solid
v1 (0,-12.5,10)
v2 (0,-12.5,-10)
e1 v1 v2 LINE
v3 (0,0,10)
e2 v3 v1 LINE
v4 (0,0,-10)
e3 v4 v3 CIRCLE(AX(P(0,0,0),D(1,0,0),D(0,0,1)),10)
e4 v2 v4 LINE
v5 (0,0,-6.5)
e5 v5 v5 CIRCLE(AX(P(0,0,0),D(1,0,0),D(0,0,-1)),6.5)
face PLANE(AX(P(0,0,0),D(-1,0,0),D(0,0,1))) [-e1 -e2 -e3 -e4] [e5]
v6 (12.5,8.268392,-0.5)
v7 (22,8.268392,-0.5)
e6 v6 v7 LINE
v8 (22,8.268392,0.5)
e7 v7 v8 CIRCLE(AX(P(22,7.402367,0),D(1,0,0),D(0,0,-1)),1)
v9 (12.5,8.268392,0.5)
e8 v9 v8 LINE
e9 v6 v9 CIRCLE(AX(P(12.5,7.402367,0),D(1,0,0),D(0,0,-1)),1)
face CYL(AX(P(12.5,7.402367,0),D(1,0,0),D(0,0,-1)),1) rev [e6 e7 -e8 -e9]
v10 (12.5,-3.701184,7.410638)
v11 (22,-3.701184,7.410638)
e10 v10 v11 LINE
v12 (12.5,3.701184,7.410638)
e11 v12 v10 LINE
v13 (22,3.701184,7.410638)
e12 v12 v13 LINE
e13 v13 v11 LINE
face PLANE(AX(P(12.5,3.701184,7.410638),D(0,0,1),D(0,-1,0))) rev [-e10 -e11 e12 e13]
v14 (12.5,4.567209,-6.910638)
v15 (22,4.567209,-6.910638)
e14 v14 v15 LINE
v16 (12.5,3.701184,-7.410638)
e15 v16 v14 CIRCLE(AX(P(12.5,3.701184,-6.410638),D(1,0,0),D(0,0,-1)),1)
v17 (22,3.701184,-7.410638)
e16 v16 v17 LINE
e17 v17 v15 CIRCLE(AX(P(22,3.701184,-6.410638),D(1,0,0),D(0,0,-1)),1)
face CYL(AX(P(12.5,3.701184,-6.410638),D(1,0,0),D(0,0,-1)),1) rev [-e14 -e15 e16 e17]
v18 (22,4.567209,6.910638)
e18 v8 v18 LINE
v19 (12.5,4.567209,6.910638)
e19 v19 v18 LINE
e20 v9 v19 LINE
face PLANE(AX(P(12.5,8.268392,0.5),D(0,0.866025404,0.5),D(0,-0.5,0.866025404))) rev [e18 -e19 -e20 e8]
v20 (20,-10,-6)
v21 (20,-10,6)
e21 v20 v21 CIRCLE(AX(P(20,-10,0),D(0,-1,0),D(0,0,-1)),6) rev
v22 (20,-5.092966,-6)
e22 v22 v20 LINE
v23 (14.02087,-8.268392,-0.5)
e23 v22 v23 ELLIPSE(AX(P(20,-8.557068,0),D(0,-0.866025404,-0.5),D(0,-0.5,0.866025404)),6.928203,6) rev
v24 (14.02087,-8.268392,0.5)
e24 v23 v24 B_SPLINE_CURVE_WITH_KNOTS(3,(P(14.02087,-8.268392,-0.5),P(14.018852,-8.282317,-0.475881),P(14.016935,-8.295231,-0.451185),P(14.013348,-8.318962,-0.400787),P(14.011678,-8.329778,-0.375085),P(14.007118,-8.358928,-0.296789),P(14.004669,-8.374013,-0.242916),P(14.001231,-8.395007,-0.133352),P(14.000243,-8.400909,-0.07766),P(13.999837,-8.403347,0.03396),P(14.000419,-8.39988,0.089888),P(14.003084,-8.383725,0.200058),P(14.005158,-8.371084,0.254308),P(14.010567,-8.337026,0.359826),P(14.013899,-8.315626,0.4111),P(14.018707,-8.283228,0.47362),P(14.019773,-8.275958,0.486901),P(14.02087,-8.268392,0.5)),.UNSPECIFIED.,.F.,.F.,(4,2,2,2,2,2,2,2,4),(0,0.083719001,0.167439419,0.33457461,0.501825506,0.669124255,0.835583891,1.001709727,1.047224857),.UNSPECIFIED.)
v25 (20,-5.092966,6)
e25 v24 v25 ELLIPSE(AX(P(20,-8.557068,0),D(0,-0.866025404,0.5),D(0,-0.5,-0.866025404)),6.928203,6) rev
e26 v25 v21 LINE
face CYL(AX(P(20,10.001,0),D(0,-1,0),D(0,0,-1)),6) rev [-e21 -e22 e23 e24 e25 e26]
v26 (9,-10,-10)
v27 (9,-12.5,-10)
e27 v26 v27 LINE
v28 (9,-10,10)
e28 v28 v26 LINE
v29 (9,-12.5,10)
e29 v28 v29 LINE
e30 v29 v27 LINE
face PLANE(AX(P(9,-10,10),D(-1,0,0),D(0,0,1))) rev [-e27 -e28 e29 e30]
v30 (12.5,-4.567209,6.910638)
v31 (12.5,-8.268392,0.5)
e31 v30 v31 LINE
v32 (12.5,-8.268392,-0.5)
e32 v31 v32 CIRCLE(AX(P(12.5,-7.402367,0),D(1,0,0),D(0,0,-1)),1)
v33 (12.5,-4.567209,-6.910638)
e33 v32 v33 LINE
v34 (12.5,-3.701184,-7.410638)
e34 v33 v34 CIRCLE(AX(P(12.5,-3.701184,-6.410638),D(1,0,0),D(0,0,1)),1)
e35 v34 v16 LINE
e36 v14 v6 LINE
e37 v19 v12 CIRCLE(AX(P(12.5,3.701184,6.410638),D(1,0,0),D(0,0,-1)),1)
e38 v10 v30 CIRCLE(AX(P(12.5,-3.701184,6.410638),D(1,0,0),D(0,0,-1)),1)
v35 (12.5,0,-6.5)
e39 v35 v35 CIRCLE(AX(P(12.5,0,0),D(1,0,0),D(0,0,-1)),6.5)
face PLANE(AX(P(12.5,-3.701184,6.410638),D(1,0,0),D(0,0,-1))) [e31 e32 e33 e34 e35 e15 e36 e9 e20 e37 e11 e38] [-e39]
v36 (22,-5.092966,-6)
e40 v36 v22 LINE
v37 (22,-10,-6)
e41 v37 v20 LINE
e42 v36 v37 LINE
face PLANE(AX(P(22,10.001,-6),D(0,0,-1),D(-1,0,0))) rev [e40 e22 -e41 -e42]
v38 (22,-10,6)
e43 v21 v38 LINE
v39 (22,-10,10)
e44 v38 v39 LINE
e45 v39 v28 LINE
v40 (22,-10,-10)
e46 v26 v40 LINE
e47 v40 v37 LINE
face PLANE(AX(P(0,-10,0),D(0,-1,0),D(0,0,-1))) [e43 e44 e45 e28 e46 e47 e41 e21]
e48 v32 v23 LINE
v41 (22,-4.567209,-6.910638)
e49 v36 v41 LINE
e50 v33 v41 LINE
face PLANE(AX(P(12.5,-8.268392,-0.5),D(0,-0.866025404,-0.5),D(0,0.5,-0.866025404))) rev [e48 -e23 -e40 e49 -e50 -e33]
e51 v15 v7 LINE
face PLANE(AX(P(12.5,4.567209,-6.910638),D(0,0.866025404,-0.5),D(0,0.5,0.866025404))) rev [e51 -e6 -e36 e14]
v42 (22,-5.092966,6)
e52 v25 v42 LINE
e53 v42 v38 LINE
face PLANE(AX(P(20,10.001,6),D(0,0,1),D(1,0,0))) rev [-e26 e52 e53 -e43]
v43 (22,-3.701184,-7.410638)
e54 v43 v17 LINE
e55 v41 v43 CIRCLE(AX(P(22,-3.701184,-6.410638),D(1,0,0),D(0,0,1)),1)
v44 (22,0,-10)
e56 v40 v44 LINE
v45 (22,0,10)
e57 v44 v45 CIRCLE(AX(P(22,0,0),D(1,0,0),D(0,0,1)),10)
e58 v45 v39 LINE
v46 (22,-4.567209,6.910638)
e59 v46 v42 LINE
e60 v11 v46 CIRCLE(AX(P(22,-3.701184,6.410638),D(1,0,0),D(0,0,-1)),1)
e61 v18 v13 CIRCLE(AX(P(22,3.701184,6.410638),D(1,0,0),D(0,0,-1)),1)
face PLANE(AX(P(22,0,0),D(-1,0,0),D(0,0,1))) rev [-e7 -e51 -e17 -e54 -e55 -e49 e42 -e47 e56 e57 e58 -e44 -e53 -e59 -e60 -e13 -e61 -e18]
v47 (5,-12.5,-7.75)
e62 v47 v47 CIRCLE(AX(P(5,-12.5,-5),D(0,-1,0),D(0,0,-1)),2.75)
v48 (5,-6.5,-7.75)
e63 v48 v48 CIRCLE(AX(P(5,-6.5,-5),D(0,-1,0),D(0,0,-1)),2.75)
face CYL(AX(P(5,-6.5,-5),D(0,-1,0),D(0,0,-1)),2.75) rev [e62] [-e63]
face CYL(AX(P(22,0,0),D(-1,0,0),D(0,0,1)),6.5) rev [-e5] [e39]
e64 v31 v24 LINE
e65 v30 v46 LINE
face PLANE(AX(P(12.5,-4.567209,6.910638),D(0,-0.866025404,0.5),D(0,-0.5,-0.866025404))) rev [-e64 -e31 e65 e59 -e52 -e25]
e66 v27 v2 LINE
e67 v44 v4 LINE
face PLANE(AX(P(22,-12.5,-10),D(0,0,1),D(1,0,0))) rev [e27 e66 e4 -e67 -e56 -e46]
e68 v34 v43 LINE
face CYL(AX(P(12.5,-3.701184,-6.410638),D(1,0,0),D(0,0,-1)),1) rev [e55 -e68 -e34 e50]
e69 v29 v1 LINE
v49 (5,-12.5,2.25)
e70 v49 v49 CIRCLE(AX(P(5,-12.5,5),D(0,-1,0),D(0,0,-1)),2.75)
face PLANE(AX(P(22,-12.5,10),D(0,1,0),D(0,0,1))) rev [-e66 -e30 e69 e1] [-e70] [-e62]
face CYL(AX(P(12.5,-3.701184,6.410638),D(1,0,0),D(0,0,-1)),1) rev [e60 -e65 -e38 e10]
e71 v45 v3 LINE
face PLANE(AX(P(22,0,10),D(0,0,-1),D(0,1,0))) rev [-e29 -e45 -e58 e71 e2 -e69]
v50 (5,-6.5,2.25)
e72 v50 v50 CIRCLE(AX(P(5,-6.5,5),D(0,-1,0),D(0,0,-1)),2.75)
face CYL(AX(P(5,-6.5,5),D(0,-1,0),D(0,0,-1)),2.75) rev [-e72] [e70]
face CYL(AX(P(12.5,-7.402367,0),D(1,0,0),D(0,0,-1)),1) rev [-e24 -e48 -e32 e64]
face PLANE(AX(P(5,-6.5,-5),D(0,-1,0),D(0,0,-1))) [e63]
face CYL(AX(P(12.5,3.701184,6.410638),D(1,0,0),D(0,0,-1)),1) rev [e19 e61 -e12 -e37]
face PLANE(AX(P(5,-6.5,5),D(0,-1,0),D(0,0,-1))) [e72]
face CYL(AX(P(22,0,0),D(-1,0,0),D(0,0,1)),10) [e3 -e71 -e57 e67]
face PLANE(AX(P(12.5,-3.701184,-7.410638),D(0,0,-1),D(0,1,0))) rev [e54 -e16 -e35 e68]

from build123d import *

# Parameters (mm, degrees)
SKIZZE1_R                       = 6.5
AUFSATZ_LINEAR_AUSTRAGEN1_DEPTH = 22
SCHNITT_LINEAR_AUSTRAGEN1_DEPTH = 9.5
SKIZZE3_R                       = 2.75
SCHNITT_LINEAR_AUSTRAGEN2_DEPTH = 6
SCHNITT_LINEAR_AUSTRAGEN3_REACH = 24.5
SKIZZE5_W                       = 13
SKIZZE5_H                       = 20
SCHNITT_LINEAR_AUSTRAGEN4_DEPTH = 2.5


with BuildPart() as part:
    # Skizze1 → Aufsatz-Linear austragen1 (new body)
    with BuildSketch(Plane(origin=(0, 0, 0), x_dir=(0, 0, -1), z_dir=(1, 0, 0))):
        with BuildLine():
            Line((-10, 0), (-10, -12.5))
            Line((-10, -12.5), (10, -12.5))
            Line((10, -12.5), (10, 0))
            ThreePointArc((10, 0), (0, 10), (-10, 0))
        make_face()
        Circle(SKIZZE1_R, mode=Mode.SUBTRACT)
    extrude(amount=AUFSATZ_LINEAR_AUSTRAGEN1_DEPTH)

    # Skizze2 → Schnitt-Linear austragen1 (cut)
    with BuildSketch(Plane(origin=(22, 0, 0), x_dir=(0, 0, -1), z_dir=(1, 0, 0))):
        with BuildLine():
            Line((7.410637894, -3.701183514), (7.410637894, 3.701183514))
            ThreePointArc((7.410637894, 3.701183514), (7.276663298, 4.201183514), (6.910637894, 4.567208918))
            Line((6.910637894, 4.567208918), (0.5, 8.268392432))
            ThreePointArc((0.5, 8.268392432), (0, 8.402367028), (-0.5, 8.268392432))
            Line((-0.5, 8.268392432), (-6.910637894, 4.567208918))
            ThreePointArc((-6.910637894, 4.567208918), (-7.276663298, 4.201183514), (-7.410637894, 3.701183514))
            Line((-7.410637894, 3.701183514), (-7.410637894, -3.701183514))
            ThreePointArc((-7.410637894, -3.701183514), (-7.276663298, -4.201183514), (-6.910637894, -4.567208918))
            Line((-6.910637894, -4.567208918), (-0.5, -8.268392432))
            ThreePointArc((-0.5, -8.268392432), (0, -8.402367028), (0.5, -8.268392432))
            Line((0.5, -8.268392432), (6.910637894, -4.567208918))
            ThreePointArc((6.910637894, -4.567208918), (7.276663298, -4.201183514), (7.410637894, -3.701183514))
        make_face()
    extrude(amount=-SCHNITT_LINEAR_AUSTRAGEN1_DEPTH, mode=Mode.SUBTRACT)

    # Skizze3 → Schnitt-Linear austragen2 (cut)
    with BuildSketch(Plane.XZ.offset(12.5)):
        with Locations((5, 5)):
            Circle(SKIZZE3_R)
        with Locations((5, -5)):
            Circle(SKIZZE3_R)
    extrude(amount=-SCHNITT_LINEAR_AUSTRAGEN2_DEPTH, mode=Mode.SUBTRACT)

    # Skizze4 → Schnitt-Linear austragen3 (cut, up to next)
    with BuildSketch(Plane.XZ.offset(12.5), mode=Mode.PRIVATE) as schnitt_linear_austragen3_sk1:
        with BuildLine():
            Line((20, 6), (22, 6))
            Line((22, 6), (22, -6))
            Line((22, -6), (20, -6))
            ThreePointArc((20, -6), (14, 0), (20, 6))
        make_face()
    schnitt_linear_austragen3_tool1 = extrude(schnitt_linear_austragen3_sk1.sketch, amount=-SCHNITT_LINEAR_AUSTRAGEN3_REACH, mode=Mode.PRIVATE) & part.part
    add(schnitt_linear_austragen3_tool1.solids().sort_by_distance((18.510217, -12.5, 0))[0], mode=Mode.SUBTRACT)

    # Skizze5 → Schnitt-Linear austragen4 (cut)
    with BuildSketch(Plane.XZ.offset(12.5)):
        with Locations((15.5, 0)):
            Rectangle(SKIZZE5_W, SKIZZE5_H)
    extrude(amount=-SCHNITT_LINEAR_AUSTRAGEN4_DEPTH, mode=Mode.SUBTRACT)


solid = part.part
